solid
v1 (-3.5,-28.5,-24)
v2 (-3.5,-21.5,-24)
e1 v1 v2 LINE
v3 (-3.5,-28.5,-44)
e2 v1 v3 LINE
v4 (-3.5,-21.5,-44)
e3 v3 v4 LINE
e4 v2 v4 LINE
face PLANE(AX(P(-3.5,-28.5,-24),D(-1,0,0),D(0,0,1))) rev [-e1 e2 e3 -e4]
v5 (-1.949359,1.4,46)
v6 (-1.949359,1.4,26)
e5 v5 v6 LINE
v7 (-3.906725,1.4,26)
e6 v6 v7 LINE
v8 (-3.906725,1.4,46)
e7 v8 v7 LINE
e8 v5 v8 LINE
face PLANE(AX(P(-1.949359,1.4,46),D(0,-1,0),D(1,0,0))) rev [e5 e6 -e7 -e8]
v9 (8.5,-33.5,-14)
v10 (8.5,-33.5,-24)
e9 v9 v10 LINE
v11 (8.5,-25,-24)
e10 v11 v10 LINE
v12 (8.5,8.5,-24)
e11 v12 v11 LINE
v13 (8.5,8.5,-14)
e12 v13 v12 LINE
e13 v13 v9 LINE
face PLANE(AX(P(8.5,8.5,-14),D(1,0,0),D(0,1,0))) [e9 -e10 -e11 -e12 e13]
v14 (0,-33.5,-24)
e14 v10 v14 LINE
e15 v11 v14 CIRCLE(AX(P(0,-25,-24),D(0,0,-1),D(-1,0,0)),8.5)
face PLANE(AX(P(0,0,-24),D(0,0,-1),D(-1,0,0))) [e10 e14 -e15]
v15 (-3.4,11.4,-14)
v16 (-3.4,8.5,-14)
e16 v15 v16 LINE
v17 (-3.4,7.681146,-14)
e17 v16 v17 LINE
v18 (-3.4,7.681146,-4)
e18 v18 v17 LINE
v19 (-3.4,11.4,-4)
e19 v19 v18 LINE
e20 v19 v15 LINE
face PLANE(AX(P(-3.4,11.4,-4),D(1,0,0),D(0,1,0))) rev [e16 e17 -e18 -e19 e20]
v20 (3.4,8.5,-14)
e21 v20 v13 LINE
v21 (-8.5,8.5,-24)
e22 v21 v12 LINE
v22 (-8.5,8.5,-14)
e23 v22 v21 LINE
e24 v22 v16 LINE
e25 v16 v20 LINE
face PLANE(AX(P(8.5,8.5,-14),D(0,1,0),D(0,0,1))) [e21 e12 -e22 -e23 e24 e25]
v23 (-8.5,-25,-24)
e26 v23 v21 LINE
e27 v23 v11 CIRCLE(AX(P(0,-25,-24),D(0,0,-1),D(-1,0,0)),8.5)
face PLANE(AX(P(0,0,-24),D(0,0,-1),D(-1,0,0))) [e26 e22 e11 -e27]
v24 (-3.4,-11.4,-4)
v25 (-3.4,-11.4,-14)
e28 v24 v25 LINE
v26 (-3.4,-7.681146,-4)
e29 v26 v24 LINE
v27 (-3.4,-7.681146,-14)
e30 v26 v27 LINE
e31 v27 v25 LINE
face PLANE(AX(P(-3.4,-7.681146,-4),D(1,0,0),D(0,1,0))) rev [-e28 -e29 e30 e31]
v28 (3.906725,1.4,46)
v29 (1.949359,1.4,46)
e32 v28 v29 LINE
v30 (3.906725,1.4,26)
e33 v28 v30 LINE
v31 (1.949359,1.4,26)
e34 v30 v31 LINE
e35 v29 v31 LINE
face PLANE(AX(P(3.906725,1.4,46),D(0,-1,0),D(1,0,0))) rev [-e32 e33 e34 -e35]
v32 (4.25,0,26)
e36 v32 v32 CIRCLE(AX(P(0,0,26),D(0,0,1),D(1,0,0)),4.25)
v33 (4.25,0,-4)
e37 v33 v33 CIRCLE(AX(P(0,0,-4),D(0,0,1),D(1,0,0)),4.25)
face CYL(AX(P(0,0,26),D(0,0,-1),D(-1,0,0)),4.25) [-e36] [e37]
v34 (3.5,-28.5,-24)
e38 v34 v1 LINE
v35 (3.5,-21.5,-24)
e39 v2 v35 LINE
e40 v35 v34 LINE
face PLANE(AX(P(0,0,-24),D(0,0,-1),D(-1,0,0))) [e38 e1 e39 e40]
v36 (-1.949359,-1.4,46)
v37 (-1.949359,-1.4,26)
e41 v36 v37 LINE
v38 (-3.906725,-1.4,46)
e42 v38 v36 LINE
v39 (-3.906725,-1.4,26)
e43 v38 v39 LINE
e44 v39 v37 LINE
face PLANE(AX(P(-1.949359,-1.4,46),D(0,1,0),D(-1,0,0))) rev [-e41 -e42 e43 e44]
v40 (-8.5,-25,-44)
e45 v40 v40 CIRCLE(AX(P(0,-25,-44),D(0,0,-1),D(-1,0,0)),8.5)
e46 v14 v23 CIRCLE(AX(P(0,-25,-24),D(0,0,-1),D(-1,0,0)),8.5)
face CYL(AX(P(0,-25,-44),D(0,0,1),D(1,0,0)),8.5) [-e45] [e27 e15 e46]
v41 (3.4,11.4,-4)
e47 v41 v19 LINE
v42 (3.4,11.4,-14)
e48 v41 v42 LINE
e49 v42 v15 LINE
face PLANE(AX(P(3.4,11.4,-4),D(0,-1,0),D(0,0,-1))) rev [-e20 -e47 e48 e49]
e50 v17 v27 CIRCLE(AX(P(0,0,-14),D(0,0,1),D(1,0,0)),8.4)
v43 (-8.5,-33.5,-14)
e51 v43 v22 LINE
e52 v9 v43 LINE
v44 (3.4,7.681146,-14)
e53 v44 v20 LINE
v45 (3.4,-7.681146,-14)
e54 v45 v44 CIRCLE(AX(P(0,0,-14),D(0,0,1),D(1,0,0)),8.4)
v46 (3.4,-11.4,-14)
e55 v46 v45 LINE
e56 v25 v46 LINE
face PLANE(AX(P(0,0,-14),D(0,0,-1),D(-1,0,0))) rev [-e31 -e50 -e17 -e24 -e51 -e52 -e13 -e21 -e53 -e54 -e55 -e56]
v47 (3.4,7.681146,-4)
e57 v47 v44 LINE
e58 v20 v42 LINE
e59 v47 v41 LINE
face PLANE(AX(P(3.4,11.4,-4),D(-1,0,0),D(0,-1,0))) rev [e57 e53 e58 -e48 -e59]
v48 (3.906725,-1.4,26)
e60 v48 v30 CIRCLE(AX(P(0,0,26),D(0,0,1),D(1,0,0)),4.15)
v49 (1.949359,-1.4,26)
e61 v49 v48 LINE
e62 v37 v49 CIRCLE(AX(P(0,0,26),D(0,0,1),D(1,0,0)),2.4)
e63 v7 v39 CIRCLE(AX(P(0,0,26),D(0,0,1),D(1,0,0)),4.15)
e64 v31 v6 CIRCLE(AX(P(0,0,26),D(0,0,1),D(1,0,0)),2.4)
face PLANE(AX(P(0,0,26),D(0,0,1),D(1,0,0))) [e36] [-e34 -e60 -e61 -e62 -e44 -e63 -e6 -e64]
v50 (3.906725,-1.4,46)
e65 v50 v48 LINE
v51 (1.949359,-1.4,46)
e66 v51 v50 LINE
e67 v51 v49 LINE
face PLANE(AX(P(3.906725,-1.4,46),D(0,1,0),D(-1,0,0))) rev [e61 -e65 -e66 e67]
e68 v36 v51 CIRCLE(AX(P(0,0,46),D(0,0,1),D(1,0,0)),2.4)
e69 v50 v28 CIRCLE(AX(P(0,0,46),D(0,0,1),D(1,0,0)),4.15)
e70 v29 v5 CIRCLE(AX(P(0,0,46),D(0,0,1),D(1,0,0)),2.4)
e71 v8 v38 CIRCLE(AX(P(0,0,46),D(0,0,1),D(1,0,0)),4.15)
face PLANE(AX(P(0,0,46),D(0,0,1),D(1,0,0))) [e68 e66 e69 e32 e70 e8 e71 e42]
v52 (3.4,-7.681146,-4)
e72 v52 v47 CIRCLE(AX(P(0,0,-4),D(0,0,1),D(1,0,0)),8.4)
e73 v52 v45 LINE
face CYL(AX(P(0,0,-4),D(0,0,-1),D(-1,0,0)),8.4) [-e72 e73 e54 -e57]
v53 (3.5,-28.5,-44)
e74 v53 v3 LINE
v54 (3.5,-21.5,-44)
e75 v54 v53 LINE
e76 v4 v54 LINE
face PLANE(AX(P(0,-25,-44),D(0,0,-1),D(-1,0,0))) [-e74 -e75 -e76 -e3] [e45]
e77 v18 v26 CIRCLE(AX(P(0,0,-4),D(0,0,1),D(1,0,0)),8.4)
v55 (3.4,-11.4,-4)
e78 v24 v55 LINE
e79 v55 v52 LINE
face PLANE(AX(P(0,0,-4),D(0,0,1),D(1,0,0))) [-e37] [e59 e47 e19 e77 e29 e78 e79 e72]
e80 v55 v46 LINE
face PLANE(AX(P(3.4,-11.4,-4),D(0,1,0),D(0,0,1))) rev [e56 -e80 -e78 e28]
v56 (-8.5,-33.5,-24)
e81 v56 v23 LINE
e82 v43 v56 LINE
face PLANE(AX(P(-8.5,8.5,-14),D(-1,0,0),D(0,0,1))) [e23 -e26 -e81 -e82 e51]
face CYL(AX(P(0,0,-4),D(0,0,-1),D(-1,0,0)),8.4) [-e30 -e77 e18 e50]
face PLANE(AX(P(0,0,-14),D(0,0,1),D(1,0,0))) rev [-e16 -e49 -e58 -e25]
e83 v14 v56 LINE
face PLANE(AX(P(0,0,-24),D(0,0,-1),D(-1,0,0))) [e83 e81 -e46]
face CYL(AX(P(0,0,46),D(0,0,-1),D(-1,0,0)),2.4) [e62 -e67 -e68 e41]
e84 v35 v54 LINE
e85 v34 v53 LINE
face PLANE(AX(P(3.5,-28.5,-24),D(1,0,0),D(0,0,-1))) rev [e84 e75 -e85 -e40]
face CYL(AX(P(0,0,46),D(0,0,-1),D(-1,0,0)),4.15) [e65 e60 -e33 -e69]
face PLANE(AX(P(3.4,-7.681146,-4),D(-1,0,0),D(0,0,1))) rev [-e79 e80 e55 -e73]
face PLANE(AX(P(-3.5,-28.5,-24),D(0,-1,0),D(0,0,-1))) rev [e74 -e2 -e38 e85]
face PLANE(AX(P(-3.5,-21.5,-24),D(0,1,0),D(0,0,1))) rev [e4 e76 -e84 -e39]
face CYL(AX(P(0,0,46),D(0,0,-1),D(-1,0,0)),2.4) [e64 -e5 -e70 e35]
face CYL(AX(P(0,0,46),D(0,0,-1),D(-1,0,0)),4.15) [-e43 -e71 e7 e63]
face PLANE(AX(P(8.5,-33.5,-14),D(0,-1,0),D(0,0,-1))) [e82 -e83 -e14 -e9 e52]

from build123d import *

# Parameters (mm, degrees)
BOSS_EXTRUDE2_START = -20
SKETCH3_R           = 4.25
BOSS_EXTRUDE2_DEPTH = 30
BOSS_EXTRUDE3_START = 10
SKETCH4_R           = 8.5
BOSS_EXTRUDE3_DEPTH = 10
SKETCH5_W           = 17
SKETCH5_H           = 42
BOSS_EXTRUDE4_DEPTH = 10
SKETCH6_R           = 8.5
BOSS_EXTRUDE5_DEPTH = 20
SKETCH9_W           = 7
SKETCH9_H           = 7
CUT_EXTRUDE1_DEPTH  = 20
BOSS_EXTRUDE7_DEPTH = 10
BOSS_EXTRUDE8_DEPTH = 20


with BuildPart() as part:
    # Sketch3 → Boss-Extrude2 (new body)
    with BuildSketch(Plane.XY.offset(16).offset(BOSS_EXTRUDE2_START)):
        Circle(SKETCH3_R)
    extrude(amount=BOSS_EXTRUDE2_DEPTH)



with BuildPart() as body_2:
    # Sketch4 → Boss-Extrude3 (new body)
    with BuildSketch(Plane(origin=(0, 0, -4), x_dir=(-1, 0, 0), z_dir=(0, 0, -1)).offset(BOSS_EXTRUDE3_START)):
        Circle(SKETCH4_R)
    extrude(amount=BOSS_EXTRUDE3_DEPTH)

    # Sketch5 → Boss-Extrude4 (add)
    with BuildSketch(Plane(origin=(0, 0, -24), x_dir=(-1, 0, 0), z_dir=(0, 0, -1))):
        with Locations((0, -12.5)):
            Rectangle(SKETCH5_W, SKETCH5_H)
    extrude(amount=-BOSS_EXTRUDE4_DEPTH)

    # Sketch6 → Boss-Extrude5 (add)
    with BuildSketch(Plane(origin=(0, 0, -24), x_dir=(-1, 0, 0), z_dir=(0, 0, -1))):
        with Locations((0, -25)):
            Circle(SKETCH6_R)
    extrude(amount=BOSS_EXTRUDE5_DEPTH)

    # Sketch9 → Cut-Extrude1 (cut)
    with BuildSketch(Plane(origin=(0, 0, -44), x_dir=(-1, 0, 0), z_dir=(0, 0, -1))):
        with Locations((0, -25)):
            Rectangle(SKETCH9_W, SKETCH9_H)
    extrude(amount=-CUT_EXTRUDE1_DEPTH, mode=Mode.SUBTRACT)


with BuildPart() as part_1:
    add(part.part)

    add(body_2.part)  # Boss-Extrude7 merges body 2
    # Sketch11 → Boss-Extrude7 (add)
    with BuildSketch(Plane.XY.offset(-14)):
        with BuildLine():
            Line((3.4, -7.681145748), (3.4, -11.4))
            Line((3.4, -11.4), (-3.4, -11.4))
            Line((-3.4, -11.4), (-3.4, -7.681145748))
            ThreePointArc((-3.4, -7.681145748), (-8.4, 0), (-3.4, 7.681145748))
            Line((-3.4, 7.681145748), (-3.4, 11.4))
            Line((-3.4, 11.4), (3.4, 11.4))
            Line((3.4, 11.4), (3.4, 7.681145748))
            ThreePointArc((3.4, 7.681145748), (8.4, 0), (3.4, -7.681145748))
        make_face()
    extrude(amount=BOSS_EXTRUDE7_DEPTH)

    # Sketch13 → Boss-Extrude8 (add)
    with BuildSketch(Plane.XY.offset(26)):
        with BuildLine():
            Line((-1.949358869, 1.4), (-3.906724971, 1.4))
            ThreePointArc((-3.906724971, 1.4), (-4.15, 0), (-3.906724971, -1.4))
            Line((-3.906724971, -1.4), (-1.949358869, -1.4))
            ThreePointArc((-1.949358869, -1.4), (0, -2.4), (1.949358869, -1.4))
            Line((1.949358869, -1.4), (3.906724971, -1.4))
            ThreePointArc((3.906724971, -1.4), (4.15, 0), (3.906724971, 1.4))
            Line((3.906724971, 1.4), (1.949358869, 1.4))
            ThreePointArc((1.949358869, 1.4), (0, 2.4), (-1.949358869, 1.4))
        make_face()
    extrude(amount=BOSS_EXTRUDE8_DEPTH)


solid = part_1.part
